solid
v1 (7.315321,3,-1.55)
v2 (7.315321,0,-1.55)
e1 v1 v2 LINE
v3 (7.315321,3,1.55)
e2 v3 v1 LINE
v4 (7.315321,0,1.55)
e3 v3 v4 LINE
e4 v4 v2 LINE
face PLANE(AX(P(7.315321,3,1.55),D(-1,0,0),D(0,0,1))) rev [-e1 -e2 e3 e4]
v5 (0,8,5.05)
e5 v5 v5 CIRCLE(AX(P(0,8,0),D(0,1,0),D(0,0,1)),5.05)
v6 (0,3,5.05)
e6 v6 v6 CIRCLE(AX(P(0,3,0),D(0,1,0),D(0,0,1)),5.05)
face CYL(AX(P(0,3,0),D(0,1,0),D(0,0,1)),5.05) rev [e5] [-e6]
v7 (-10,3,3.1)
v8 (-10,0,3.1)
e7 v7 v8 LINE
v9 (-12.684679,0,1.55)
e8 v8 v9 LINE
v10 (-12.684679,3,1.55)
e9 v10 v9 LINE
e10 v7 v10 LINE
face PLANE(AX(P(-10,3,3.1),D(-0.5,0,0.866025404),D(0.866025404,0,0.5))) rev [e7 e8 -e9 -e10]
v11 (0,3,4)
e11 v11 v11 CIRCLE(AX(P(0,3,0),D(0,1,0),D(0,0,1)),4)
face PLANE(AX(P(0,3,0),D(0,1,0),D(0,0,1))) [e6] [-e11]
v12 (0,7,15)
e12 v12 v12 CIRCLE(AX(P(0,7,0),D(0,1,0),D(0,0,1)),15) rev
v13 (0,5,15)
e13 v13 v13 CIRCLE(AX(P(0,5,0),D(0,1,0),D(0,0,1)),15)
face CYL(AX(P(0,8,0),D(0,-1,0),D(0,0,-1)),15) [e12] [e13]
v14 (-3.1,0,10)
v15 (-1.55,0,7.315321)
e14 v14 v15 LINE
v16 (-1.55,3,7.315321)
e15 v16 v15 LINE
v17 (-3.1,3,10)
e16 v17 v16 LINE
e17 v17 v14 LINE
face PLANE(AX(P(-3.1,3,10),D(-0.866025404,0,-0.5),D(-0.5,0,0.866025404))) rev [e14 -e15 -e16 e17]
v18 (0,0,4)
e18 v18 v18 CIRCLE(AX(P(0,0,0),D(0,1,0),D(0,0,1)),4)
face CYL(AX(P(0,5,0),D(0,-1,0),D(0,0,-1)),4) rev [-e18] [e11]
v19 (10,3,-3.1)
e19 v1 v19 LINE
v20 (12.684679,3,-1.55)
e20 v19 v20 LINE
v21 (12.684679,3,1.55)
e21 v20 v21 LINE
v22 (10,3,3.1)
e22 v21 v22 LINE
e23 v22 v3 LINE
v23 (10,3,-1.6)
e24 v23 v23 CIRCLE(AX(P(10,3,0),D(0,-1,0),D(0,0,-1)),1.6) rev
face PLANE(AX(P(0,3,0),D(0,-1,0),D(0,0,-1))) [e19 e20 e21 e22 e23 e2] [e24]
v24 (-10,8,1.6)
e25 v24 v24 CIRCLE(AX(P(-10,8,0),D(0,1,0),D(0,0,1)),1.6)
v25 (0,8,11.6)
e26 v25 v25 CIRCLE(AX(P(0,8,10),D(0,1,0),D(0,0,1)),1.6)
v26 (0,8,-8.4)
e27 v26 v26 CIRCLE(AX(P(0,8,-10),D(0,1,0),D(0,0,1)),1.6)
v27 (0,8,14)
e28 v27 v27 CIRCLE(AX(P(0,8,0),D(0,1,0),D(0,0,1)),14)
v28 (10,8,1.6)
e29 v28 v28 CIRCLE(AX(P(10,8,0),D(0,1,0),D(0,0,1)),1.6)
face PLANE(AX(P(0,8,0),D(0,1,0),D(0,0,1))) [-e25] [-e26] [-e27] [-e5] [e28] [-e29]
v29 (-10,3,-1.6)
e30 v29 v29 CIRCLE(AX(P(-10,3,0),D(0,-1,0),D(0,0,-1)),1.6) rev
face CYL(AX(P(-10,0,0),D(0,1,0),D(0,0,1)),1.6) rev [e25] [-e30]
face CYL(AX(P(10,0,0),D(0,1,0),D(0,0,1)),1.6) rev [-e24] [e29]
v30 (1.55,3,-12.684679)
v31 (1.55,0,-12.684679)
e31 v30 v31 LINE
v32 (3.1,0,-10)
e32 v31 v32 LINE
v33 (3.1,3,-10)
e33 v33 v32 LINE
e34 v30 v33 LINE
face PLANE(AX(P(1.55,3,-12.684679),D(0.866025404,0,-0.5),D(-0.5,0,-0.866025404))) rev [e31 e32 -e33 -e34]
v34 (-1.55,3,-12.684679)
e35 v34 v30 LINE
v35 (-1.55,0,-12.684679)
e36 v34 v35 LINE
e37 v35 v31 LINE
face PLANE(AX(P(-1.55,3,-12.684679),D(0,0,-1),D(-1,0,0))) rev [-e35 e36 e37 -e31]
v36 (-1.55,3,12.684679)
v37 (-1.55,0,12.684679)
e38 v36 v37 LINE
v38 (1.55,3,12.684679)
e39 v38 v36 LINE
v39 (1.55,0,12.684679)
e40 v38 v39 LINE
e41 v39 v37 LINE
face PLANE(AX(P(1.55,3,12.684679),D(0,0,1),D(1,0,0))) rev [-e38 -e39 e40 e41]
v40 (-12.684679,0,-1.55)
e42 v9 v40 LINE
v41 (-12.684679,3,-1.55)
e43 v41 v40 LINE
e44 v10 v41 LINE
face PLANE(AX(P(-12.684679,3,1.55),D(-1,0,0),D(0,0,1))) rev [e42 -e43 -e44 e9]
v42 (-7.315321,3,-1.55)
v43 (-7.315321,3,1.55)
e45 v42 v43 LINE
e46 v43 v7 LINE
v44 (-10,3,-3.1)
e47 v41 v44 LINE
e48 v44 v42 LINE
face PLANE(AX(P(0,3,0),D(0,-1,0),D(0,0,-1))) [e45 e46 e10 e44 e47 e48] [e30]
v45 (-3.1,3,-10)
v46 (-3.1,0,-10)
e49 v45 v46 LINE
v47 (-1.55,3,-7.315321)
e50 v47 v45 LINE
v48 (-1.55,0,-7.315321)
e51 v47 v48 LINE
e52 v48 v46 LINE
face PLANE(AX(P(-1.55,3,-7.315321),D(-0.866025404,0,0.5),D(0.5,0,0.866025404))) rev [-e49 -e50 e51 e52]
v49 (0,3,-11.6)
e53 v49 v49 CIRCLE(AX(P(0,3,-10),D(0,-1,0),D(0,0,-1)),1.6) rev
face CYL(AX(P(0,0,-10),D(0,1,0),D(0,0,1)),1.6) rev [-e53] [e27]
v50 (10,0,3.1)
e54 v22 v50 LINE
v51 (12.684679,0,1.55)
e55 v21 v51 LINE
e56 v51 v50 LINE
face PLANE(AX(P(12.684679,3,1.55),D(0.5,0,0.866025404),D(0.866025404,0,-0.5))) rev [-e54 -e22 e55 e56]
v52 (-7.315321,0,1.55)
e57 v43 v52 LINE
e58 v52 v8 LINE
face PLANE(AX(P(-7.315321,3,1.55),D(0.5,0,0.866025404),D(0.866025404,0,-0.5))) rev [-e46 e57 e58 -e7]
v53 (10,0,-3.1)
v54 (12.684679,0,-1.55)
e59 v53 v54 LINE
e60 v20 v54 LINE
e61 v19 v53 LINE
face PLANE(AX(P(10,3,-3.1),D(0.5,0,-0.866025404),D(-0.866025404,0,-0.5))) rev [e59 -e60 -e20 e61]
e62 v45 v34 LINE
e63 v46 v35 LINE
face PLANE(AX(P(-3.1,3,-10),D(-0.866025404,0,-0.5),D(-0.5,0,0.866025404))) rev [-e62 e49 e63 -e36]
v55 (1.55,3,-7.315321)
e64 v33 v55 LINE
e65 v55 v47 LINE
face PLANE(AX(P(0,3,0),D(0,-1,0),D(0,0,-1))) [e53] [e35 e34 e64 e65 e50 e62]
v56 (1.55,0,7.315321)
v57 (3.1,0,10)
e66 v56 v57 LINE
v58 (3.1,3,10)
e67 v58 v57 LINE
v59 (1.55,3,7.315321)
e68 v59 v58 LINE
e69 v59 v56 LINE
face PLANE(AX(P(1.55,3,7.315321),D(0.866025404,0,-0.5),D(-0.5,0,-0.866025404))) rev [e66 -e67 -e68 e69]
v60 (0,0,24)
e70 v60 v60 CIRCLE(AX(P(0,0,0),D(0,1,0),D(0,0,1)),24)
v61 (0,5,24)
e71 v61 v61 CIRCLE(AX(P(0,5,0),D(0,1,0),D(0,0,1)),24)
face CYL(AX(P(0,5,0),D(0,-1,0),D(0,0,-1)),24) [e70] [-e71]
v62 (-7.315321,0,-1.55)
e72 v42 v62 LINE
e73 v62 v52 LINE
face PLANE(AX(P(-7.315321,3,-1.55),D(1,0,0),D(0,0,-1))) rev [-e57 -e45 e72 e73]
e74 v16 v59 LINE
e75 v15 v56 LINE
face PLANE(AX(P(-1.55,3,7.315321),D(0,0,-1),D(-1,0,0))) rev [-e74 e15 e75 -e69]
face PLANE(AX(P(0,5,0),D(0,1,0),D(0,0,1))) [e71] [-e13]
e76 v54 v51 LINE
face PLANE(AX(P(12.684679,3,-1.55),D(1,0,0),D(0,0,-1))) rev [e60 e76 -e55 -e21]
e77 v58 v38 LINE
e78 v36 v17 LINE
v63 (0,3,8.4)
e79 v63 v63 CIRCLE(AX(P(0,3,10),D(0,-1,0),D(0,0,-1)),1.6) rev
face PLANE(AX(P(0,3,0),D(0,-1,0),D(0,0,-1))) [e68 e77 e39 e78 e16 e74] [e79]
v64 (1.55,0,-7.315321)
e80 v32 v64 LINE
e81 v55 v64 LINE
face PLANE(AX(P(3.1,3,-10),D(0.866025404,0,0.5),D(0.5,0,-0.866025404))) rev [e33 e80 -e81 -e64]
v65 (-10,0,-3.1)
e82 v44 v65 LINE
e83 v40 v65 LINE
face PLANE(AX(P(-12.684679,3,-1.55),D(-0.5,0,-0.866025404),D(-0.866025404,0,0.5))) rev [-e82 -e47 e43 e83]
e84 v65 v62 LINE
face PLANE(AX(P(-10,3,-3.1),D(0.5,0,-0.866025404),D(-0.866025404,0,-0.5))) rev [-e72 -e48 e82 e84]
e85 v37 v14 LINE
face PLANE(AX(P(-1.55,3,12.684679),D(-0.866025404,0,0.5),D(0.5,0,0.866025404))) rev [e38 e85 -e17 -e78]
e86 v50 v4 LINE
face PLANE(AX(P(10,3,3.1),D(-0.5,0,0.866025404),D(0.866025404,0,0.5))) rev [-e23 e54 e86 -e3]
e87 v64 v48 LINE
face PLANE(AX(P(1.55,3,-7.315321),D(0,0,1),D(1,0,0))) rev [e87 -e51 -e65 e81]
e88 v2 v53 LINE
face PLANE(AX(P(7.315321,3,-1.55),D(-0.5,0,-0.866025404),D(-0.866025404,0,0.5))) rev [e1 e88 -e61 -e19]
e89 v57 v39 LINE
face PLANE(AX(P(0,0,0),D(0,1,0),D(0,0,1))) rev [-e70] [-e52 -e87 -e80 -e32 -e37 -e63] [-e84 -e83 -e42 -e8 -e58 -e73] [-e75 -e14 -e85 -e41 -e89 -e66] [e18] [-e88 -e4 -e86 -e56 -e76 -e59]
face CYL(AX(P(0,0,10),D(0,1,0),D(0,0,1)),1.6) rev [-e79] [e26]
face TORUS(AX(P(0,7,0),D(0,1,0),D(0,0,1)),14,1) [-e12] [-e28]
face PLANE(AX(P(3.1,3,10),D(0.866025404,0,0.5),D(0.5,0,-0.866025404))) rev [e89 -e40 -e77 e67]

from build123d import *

# Parameters (mm, degrees)
SKETCH1_R           = 24
SKETCH1_R_2         = 4
BOSS_EXTRUDE1_DEPTH = 5
SKETCH2_R           = 15
BOSS_EXTRUDE2_DEPTH = 3
SKETCH4_R           = 5.05
CUT_EXTRUDE2_DEPTH  = 5
FILLET1_R           = 1
SKETCH5_R           = 1.6
CUT_EXTRUDE3_DEPTH  = 35.871191548
CUT_EXTRUDE15_DEPTH = 3


with BuildPart() as part:
    # Sketch1 → Boss-Extrude1 (new body)
    with BuildSketch(Plane(origin=(0, 0, 0), x_dir=(1, 0, 0), z_dir=(0, 1, 0))):
        with Locations(Location((0, 0, 0), (0, 0, 270))):
            Circle(SKETCH1_R)
        with Locations(Location((0, 0, 0), (0, 0, 270))):
            Circle(SKETCH1_R_2, mode=Mode.SUBTRACT)
    extrude(amount=BOSS_EXTRUDE1_DEPTH)

    # Sketch2 → Boss-Extrude2 (add)
    with BuildSketch(Plane(origin=(0, 5, 0), x_dir=(1, 0, 0), z_dir=(0, 1, 0))):
        with Locations(Location((0, 0, 0), (0, 0, 270))):
            Circle(SKETCH2_R)
    extrude(amount=BOSS_EXTRUDE2_DEPTH)

    # Sketch4 → Cut-Extrude2 (cut)
    with BuildSketch(Plane(origin=(0, 8, 0), x_dir=(1, 0, 0), z_dir=(0, 1, 0))):
        with Locations(Location((0, 0, 0), (0, 0, 270))):
            Circle(SKETCH4_R)
    extrude(amount=-CUT_EXTRUDE2_DEPTH, mode=Mode.SUBTRACT)

    # Fillet1
    fillet1_edges = [part.edges().sort_by_distance(p)[0] for p in [
        (0, 8, -15),
    ]]
    fillet(fillet1_edges, radius=FILLET1_R)

    # Sketch5 → Cut-Extrude3 (cut, through all)
    with BuildSketch(Plane(origin=(0, 8, 0), x_dir=(1, 0, 0), z_dir=(0, 1, 0))):
        with Locations(Location((0, 10, 0), (0, 0, 270))):
            Circle(SKETCH5_R)
        with Locations(Location((-10, 0, 0), (0, 0, 270))):
            Circle(SKETCH5_R)
        with Locations(Location((0, -10, 0), (0, 0, 270))):
            Circle(SKETCH5_R)
        with Locations(Location((10, 0, 0), (0, 0, 270))):
            Circle(SKETCH5_R)
    extrude(amount=-CUT_EXTRUDE3_DEPTH, mode=Mode.SUBTRACT)

    # Sketch10 → Cut-Extrude15 (cut)
    with BuildSketch(Plane.XZ):
        Polygon((10, -3.1), (12.684678752, -1.55), (12.684678752, 1.55), (10, 3.1), (7.315321248, 1.55), (7.315321248, -1.55), align=None)
        Polygon((3.1, 10), (1.55, 12.684678752), (-1.55, 12.684678752), (-3.1, 10), (-1.55, 7.315321248), (1.55, 7.315321248), align=None)
        Polygon((-3.1, -10), (-1.55, -12.684678752), (1.55, -12.684678752), (3.1, -10), (1.55, -7.315321248), (-1.55, -7.315321248), align=None)
        Polygon((-10, 3.1), (-12.684678752, 1.55), (-12.684678752, -1.55), (-10, -3.1), (-7.315321248, -1.55), (-7.315321248, 1.55), align=None)
    extrude(amount=-CUT_EXTRUDE15_DEPTH, mode=Mode.SUBTRACT)


solid = part.part
